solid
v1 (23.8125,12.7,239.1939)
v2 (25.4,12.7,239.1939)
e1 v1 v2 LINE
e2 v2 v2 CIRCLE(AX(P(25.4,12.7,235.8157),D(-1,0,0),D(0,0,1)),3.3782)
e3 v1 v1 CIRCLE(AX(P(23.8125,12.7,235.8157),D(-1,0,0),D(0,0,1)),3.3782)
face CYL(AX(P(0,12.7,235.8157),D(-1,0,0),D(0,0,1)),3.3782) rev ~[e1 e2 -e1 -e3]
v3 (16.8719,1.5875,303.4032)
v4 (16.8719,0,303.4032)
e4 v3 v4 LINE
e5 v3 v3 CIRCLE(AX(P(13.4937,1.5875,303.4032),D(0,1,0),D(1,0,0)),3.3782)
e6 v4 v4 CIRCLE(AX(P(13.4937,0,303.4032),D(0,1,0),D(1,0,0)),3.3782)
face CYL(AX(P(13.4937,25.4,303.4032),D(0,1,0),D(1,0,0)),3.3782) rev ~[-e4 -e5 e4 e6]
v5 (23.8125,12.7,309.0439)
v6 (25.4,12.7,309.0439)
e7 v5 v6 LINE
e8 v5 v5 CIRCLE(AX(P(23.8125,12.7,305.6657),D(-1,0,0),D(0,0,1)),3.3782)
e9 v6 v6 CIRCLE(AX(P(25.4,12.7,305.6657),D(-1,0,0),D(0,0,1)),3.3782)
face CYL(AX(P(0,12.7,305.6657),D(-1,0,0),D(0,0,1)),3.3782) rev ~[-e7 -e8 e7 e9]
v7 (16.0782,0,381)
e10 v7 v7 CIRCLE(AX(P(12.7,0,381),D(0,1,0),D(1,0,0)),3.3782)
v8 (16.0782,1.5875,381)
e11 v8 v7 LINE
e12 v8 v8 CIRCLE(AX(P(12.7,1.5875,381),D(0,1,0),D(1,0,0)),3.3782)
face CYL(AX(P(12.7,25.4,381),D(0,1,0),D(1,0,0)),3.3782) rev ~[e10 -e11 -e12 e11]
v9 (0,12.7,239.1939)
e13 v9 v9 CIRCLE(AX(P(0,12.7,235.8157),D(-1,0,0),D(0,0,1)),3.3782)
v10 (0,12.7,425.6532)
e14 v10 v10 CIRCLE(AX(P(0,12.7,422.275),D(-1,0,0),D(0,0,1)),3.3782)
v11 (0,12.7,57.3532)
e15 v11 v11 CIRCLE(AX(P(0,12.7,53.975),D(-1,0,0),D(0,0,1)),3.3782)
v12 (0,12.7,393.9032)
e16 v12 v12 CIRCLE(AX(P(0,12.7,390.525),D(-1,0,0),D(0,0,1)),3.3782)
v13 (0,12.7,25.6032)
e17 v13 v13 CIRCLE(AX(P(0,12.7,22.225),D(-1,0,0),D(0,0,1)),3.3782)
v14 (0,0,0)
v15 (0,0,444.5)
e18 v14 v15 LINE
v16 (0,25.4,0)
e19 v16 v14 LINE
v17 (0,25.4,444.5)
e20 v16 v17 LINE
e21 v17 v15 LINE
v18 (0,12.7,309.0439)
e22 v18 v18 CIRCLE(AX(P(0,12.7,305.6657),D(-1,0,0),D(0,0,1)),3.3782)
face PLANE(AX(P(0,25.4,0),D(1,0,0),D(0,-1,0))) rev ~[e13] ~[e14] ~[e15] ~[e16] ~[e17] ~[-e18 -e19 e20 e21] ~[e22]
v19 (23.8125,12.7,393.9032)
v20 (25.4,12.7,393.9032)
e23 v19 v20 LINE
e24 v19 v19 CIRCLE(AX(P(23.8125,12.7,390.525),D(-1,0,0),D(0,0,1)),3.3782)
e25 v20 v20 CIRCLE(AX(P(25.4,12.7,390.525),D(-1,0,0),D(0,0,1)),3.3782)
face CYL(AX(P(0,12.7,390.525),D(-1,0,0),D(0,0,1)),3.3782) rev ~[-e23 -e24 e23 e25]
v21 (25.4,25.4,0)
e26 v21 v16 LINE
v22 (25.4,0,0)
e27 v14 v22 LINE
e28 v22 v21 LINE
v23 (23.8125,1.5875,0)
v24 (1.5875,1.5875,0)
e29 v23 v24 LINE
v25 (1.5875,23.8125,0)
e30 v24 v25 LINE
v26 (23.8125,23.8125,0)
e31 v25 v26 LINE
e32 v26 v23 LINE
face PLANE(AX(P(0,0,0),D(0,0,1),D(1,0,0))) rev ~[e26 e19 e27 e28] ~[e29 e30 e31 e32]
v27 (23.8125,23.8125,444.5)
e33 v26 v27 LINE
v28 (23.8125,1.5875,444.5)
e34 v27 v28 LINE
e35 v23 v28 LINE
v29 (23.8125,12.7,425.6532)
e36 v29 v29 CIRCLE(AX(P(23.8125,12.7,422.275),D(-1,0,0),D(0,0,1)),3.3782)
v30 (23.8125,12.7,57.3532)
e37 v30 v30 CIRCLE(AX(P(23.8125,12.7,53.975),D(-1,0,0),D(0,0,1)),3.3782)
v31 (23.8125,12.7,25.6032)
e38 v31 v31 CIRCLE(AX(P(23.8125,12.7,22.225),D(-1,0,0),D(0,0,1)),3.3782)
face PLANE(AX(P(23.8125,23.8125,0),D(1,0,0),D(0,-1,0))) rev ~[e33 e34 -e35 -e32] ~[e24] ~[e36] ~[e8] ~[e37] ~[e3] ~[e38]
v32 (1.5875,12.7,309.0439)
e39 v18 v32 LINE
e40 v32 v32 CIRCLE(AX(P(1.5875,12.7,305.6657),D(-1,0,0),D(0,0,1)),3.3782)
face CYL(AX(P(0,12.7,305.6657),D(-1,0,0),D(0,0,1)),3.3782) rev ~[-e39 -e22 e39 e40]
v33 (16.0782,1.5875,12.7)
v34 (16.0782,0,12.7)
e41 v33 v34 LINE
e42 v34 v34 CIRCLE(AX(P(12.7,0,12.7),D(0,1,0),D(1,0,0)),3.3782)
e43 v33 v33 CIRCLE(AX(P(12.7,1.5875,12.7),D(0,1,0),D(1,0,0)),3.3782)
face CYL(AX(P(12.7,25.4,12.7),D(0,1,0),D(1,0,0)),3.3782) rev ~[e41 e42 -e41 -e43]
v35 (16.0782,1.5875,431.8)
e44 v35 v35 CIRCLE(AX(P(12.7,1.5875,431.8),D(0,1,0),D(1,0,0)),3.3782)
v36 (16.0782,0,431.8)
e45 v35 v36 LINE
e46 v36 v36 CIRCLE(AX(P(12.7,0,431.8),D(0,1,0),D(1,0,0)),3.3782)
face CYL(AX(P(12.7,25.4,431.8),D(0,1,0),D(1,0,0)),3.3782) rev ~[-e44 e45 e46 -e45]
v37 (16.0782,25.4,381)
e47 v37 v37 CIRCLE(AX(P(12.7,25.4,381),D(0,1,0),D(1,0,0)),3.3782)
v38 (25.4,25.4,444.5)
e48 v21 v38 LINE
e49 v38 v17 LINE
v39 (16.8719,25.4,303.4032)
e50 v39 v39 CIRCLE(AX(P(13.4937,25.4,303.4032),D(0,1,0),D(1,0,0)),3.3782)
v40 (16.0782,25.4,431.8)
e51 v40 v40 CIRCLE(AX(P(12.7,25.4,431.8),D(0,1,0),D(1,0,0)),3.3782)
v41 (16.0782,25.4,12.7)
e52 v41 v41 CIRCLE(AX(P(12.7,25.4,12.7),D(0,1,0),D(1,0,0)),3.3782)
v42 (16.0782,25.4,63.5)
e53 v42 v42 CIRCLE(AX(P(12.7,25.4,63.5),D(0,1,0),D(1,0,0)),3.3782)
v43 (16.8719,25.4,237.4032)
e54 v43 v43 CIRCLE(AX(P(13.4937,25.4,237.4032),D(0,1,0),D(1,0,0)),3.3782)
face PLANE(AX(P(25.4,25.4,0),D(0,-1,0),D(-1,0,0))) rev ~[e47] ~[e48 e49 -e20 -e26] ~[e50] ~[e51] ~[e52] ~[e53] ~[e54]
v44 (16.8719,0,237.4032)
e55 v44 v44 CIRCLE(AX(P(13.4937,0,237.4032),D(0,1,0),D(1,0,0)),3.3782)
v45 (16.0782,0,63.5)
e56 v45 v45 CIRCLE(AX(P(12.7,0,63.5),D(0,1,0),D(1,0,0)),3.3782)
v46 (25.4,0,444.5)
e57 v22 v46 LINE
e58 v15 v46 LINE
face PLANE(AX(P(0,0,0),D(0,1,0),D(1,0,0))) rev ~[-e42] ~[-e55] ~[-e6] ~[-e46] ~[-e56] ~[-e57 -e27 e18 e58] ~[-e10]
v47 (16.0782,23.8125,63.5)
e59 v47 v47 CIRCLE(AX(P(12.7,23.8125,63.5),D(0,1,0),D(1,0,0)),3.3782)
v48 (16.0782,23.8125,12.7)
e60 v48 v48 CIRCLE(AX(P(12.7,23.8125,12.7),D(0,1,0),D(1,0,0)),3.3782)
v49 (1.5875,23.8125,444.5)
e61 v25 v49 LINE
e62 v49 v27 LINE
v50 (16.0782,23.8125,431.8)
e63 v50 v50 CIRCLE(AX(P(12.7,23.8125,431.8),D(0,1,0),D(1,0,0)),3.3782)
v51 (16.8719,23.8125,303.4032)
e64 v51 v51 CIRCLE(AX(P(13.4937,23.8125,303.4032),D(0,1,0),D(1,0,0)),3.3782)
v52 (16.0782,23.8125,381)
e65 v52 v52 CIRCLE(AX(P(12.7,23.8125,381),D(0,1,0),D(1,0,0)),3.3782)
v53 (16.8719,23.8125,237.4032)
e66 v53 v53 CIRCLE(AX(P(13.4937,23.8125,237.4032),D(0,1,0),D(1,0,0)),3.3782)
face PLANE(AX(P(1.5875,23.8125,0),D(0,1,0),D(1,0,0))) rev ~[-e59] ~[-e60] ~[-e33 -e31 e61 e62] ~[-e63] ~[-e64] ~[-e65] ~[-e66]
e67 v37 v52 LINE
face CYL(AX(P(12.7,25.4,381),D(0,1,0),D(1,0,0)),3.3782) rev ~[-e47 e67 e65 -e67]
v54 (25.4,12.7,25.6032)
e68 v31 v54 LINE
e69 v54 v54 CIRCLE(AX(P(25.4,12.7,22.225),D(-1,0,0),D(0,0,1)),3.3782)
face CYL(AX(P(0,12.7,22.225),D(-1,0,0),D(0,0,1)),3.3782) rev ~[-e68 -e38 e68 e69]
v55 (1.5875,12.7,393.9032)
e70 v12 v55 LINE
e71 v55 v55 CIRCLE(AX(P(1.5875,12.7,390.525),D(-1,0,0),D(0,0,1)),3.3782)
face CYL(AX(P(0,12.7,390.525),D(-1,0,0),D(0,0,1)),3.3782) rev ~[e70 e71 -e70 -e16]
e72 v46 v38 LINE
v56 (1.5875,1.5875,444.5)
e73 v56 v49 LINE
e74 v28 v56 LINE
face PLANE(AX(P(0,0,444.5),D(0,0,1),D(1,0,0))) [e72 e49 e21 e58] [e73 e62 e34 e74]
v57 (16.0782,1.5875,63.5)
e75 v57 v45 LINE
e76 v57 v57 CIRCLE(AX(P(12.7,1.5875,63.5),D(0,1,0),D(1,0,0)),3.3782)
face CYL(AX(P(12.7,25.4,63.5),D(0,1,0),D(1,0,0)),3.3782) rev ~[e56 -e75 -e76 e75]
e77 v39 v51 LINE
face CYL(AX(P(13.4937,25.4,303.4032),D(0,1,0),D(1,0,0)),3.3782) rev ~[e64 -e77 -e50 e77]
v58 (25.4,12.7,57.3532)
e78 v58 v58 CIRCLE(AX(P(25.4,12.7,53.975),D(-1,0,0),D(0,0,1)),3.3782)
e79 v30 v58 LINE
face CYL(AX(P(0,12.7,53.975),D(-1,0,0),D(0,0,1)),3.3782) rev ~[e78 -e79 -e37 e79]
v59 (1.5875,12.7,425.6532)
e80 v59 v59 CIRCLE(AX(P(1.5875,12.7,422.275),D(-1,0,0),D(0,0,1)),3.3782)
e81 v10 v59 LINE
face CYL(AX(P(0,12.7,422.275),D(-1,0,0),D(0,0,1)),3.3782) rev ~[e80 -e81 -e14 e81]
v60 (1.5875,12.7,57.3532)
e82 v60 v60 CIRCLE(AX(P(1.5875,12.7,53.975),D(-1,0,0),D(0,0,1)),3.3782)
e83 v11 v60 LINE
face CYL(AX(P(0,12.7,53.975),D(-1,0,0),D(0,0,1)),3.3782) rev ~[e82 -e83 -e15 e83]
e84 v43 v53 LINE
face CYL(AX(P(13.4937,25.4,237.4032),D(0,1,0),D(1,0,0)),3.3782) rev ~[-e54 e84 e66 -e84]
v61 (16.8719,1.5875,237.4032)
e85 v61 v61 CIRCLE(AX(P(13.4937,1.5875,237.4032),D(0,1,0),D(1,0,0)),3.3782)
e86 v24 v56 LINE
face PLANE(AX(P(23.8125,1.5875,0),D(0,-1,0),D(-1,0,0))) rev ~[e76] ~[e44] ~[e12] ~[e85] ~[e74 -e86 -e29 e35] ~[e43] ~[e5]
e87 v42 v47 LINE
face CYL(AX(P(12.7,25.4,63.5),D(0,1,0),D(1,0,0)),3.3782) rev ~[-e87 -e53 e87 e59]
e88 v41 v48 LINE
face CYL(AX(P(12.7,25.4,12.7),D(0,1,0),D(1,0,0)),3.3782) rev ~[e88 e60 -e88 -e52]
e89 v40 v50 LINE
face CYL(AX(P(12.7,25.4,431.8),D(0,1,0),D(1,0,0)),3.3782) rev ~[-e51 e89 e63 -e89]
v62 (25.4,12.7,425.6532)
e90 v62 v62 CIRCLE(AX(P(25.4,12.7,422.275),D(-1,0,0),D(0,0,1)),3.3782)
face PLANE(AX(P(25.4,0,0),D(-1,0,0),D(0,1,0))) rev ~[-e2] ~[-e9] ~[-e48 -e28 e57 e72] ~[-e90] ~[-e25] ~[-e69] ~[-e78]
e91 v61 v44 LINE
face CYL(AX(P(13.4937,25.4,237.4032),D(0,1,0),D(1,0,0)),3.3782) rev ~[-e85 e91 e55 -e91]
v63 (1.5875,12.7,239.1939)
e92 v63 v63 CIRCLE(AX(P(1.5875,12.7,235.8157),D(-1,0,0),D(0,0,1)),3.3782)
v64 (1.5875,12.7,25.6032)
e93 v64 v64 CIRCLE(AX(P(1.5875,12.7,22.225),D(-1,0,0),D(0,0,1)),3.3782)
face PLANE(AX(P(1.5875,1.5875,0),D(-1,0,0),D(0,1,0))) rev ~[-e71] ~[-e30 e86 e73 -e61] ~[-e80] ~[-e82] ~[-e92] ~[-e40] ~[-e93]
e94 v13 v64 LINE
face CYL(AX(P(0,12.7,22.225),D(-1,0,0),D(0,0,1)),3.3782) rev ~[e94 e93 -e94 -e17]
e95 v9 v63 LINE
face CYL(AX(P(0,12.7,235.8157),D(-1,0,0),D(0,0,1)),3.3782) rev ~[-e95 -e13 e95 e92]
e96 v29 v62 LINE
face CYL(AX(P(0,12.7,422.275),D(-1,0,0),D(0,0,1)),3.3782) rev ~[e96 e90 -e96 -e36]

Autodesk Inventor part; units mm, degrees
ref_plane "YZ Plane" through (0, 0, 0) normal (1, 0, 0) x (0, 1, 0)
ref_plane "XZ Plane" through (0, 0, 0) normal (0, 1, 0) x (-1, 0, 0)
ref_plane "XY Plane" through (0, 0, 0) normal (0, 0, 1) x (1, 0, 0)
sketch "Sketch1" plane through (0, 0, 0) normal (0, 0, 1) x (1, 0, 0)
  line L0 (0, 0) -> (25.4, 0)
  line L1 (25.4, 0) -> (25.4, 25.4)
  line L2 (25.4, 25.4) -> (0, 25.4)
  line L3 (0, 25.4) -> (0, 0)
  line L4 (1.5875, 23.8125) -> (23.8125, 23.8125)
  line L5 (23.8125, 23.8125) -> (23.8125, 1.5875)
  line L6 (23.8125, 1.5875) -> (1.5875, 1.5875)
  line L7 (1.5875, 1.5875) -> (1.5875, 23.8125)
  dimension "d0" = 25.4
  dimension "d1" = 25.4
  dimension "d2" = 1.5875
extrude "Extrusion1" add sketch "Sketch1" along normal blind 444.5
sketch "Sketch2" plane through (0, 25.4, 0) normal (0, 1, 0) x (1, 0, 0)
  line L0 (25.4, 0) -> (0, 0) projected
  line L1 (25.4, -444.5) -> (0, -444.5) projected
  circle A0 centre (12.7, -381) radius 3.3782 projected
  circle A1 centre (12.7, -431.8) radius 3.3782 projected
  circle A2 centre (13.4937, -237.4032) radius 3.3782 projected
  circle A3 centre (13.4937, -303.4032) radius 3.3782 projected
  line L2 (28.0987, -227.8782) -> (28.0987, -312.9282) construction
  line L3 (0.7937, -312.9282) -> (28.0987, -312.9282) construction
  line L4 (0.7937, -227.8782) -> (0.7937, -312.9282) projected
  line L5 (28.0987, -227.8782) -> (0.7937, -227.8782) construction
  circle A4 centre (12.7, -12.7) radius 3.3782 projected
  circle A5 centre (12.7, -63.5) radius 3.3782 projected
  line L6 (12.7, 0) -> (12.7, -444.5) construction
extrude "Extrusion2" cut sketch "Sketch2" against normal blind 25.4
sketch "Sketch3" plane through (0, 0, 0) normal (-1, 0, 0) x (0, 0, 1)
  circle A0 centre (422.275, 12.7) radius 3.3782 projected
  circle A1 centre (390.525, 12.7) radius 3.3782 projected
  circle A2 centre (305.6657, 12.7) radius 3.3782 projected
  circle A3 centre (235.8157, 12.7) radius 3.3782 projected
  circle A4 centre (53.975, 12.7) radius 3.3782 projected
  circle A5 centre (22.225, 12.7) radius 3.3782 projected
extrude "Extrusion3" cut sketch "Sketch3" against normal blind 25.4
properties part number "Rebuild Shooter Tower Motor Mount Tube" material "Aluminum 6061"
